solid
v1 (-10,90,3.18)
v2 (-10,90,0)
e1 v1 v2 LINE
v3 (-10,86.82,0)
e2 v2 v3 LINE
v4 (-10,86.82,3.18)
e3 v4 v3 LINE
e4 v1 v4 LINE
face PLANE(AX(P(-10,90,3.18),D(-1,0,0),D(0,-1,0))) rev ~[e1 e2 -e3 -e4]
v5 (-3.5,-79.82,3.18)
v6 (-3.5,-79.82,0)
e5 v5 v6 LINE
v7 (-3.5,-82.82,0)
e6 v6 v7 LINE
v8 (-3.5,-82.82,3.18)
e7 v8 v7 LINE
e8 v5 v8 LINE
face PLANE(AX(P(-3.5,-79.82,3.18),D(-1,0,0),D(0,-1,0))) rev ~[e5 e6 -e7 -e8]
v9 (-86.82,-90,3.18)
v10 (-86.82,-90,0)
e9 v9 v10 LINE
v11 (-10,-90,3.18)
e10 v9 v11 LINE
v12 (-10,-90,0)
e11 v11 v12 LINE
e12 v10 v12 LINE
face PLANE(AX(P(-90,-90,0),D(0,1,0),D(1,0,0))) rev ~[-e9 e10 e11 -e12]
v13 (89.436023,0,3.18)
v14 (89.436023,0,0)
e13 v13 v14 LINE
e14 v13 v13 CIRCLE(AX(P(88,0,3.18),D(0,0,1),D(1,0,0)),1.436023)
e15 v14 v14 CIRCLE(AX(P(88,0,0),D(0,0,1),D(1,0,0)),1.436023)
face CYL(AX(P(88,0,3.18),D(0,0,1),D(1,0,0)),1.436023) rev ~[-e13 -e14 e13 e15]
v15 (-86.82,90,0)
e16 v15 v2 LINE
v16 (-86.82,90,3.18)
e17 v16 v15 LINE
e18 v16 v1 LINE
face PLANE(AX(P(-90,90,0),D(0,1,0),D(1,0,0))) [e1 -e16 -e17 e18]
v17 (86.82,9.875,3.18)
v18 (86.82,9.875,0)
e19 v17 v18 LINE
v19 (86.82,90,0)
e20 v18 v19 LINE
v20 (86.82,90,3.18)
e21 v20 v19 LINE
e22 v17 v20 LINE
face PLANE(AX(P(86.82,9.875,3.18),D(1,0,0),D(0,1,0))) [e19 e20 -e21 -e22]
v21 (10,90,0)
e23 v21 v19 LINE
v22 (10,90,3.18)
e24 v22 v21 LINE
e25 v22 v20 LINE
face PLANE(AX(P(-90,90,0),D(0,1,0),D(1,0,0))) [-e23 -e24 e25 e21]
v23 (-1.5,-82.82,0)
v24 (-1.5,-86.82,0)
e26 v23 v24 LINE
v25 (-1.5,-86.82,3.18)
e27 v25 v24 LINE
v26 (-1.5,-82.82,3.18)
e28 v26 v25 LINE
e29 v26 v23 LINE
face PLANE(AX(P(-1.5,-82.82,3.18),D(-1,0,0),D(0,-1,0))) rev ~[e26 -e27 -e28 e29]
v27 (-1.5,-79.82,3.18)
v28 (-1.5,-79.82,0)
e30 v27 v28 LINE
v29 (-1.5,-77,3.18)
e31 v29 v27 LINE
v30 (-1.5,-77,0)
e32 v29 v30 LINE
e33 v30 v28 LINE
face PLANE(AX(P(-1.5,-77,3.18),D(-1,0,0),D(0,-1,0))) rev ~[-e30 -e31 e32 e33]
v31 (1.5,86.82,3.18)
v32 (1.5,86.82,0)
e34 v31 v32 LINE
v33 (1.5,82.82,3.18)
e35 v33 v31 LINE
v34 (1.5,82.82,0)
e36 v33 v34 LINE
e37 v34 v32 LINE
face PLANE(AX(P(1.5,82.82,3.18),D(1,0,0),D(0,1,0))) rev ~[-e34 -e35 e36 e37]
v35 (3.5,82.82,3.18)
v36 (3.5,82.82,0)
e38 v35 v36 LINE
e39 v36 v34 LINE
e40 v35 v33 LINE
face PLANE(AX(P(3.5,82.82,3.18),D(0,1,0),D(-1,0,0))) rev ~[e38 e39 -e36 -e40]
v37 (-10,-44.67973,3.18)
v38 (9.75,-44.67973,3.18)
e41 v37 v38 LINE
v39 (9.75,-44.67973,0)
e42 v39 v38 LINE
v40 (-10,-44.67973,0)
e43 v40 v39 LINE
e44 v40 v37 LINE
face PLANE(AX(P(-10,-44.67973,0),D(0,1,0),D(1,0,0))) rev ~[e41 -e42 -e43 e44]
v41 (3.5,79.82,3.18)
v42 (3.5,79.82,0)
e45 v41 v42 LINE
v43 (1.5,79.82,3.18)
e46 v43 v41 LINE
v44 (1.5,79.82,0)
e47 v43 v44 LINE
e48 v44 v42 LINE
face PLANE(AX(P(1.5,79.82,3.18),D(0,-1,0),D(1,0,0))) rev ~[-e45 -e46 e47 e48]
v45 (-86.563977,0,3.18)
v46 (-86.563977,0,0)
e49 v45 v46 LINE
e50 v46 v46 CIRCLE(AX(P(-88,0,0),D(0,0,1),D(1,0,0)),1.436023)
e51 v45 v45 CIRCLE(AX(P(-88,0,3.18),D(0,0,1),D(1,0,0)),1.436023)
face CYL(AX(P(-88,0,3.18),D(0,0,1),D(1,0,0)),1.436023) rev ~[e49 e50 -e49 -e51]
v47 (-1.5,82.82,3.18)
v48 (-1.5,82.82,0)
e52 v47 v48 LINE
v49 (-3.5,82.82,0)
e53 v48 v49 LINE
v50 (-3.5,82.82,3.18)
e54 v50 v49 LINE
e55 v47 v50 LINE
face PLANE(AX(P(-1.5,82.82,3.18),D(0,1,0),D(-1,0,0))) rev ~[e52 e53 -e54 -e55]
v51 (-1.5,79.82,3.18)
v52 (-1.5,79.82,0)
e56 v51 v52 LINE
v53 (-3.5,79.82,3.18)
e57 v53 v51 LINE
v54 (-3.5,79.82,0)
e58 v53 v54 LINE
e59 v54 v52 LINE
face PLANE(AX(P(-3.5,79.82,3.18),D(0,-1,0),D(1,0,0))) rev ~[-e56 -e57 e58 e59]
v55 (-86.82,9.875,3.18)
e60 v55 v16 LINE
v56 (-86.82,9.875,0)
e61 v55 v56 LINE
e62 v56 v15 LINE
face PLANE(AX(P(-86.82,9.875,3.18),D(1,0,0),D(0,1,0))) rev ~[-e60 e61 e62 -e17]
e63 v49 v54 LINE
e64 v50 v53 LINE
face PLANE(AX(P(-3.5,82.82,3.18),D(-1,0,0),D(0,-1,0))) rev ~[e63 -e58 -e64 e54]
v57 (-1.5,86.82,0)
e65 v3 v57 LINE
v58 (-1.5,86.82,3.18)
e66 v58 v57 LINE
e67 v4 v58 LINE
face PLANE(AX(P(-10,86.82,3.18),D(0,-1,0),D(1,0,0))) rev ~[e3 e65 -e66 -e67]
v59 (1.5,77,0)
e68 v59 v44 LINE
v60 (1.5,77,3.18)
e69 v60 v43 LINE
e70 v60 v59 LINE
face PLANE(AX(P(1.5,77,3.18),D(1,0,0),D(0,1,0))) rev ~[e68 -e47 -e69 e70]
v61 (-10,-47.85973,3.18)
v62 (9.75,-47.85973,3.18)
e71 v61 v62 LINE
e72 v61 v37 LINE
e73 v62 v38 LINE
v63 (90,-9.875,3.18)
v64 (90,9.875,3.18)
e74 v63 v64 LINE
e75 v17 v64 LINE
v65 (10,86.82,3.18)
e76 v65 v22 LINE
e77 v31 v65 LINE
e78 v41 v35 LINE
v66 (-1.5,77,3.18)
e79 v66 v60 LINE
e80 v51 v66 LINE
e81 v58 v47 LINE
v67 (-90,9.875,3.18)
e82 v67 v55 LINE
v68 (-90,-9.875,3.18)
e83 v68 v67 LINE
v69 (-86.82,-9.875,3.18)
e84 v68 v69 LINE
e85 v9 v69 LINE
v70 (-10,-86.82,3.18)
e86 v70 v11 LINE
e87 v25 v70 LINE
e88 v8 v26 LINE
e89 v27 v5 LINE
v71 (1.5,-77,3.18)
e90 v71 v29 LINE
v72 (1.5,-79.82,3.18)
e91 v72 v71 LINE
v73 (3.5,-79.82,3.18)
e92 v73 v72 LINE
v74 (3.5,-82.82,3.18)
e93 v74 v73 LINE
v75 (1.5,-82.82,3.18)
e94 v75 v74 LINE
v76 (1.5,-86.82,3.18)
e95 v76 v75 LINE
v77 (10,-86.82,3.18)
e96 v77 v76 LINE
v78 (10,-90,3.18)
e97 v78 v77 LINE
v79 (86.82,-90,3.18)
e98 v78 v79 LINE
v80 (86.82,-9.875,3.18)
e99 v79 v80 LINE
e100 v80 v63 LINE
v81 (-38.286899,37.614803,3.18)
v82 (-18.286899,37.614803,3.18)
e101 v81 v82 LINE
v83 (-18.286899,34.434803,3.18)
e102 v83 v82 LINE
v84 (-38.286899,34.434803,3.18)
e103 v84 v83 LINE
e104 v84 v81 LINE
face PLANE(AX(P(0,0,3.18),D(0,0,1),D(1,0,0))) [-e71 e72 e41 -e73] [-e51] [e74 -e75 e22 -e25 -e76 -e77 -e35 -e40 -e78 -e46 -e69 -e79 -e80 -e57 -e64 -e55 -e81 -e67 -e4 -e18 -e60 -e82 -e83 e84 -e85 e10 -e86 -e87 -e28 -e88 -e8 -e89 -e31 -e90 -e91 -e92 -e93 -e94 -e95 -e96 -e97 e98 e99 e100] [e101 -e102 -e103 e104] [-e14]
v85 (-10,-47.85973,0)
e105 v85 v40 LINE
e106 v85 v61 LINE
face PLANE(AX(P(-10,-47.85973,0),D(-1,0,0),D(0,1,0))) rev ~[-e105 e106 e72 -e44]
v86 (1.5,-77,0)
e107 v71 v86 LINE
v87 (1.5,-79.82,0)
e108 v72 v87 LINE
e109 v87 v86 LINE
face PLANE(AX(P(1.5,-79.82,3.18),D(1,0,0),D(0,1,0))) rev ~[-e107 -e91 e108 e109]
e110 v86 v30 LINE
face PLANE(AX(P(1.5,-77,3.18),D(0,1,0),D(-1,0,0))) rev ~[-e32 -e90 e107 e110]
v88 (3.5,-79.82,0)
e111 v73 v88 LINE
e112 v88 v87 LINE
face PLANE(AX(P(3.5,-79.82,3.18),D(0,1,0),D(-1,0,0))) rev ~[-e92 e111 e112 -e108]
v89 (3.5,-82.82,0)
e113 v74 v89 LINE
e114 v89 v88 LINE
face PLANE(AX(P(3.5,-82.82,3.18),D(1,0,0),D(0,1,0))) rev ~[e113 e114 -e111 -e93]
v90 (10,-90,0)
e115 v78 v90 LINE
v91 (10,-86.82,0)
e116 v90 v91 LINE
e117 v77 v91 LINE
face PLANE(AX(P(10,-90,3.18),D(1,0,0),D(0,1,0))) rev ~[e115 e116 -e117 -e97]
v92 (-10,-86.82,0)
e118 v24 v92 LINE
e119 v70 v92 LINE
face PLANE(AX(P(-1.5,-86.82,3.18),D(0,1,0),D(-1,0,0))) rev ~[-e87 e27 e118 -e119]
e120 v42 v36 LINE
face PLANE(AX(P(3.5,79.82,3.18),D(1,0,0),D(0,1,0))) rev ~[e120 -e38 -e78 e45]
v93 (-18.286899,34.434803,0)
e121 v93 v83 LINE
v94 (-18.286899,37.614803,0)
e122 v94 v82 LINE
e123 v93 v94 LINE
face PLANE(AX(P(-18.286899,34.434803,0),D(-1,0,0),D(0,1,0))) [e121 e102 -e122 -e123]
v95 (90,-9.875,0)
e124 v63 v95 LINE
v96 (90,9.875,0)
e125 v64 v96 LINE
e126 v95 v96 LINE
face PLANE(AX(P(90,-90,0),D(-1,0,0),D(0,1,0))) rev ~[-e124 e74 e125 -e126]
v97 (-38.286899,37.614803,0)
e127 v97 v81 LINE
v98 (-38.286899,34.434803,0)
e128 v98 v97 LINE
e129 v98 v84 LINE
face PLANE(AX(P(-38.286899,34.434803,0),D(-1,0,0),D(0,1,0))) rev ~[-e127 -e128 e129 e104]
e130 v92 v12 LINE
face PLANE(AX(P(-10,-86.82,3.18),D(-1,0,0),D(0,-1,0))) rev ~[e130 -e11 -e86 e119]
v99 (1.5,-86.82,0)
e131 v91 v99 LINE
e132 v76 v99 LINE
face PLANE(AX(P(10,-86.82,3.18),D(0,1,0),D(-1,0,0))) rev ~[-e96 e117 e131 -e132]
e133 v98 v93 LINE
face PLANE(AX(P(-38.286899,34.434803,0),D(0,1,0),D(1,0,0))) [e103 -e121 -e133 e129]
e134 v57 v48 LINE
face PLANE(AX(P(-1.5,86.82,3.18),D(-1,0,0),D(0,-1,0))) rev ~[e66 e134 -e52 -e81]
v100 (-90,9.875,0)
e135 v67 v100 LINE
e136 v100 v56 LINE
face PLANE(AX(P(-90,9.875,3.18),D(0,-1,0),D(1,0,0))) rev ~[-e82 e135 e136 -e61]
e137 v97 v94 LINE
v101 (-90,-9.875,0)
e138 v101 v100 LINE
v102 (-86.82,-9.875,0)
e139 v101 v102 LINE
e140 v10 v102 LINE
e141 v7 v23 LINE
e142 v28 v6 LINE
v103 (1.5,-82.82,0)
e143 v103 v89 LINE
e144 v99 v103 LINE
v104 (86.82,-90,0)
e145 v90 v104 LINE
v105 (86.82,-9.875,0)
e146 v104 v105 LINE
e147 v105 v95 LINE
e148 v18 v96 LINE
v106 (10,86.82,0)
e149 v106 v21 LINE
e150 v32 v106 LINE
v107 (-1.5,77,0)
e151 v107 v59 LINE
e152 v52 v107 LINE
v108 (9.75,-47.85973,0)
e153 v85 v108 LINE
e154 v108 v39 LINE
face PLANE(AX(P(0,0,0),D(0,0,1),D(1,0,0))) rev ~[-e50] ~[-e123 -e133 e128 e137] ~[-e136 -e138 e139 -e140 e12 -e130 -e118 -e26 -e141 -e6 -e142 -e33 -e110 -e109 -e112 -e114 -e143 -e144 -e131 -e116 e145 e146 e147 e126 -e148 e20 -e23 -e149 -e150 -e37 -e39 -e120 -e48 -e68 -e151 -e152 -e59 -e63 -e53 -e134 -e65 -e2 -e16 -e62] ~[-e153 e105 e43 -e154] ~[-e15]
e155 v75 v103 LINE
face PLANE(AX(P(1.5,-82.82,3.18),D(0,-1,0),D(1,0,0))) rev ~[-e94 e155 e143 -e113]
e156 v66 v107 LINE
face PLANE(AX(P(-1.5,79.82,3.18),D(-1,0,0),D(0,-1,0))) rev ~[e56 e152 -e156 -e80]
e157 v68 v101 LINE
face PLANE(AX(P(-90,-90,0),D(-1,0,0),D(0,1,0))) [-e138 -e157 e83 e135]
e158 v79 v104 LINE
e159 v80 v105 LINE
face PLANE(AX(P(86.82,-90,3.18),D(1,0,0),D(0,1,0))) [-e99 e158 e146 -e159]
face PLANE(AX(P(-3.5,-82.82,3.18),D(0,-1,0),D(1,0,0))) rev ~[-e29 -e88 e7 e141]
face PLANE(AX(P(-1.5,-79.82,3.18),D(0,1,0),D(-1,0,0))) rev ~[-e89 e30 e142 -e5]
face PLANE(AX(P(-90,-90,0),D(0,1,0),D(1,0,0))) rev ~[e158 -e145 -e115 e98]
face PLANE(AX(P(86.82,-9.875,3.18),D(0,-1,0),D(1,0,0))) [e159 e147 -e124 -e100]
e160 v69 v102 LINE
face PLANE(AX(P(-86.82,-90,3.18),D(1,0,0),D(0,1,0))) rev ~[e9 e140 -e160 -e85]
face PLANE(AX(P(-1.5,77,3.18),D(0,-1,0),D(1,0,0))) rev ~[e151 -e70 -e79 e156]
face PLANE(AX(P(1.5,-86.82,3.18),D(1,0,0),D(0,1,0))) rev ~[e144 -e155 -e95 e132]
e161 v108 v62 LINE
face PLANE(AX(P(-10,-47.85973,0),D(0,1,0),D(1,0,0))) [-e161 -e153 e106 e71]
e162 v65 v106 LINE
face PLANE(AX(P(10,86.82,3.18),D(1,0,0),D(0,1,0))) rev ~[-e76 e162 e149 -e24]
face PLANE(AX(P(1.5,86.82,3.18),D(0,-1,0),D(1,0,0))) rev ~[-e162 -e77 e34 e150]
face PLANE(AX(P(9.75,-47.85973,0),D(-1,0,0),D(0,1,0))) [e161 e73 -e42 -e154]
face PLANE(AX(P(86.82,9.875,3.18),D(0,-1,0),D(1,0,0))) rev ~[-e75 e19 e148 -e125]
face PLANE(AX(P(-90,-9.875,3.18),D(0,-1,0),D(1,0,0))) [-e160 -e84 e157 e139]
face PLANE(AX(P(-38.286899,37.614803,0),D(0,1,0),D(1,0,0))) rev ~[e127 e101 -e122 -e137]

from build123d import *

# Parameters (mm, degrees)
SKETCH3_W           = 180
SKETCH3_H           = 180
SKETCH3_W_2         = 20
SKETCH3_H_2         = 3.18
SKETCH3_W_3         = 19.75
BOSS_EXTRUDE1_DEPTH = 3.18
CUT_EXTRUDE1_DEPTH  = 128.318939675
SKETCH5_R           = 1.436023081
SKETCH5_W           = 3.18
SKETCH5_H           = 80.125
CUT_EXTRUDE2_DEPTH  = 128.318939675


with BuildPart() as part:
    # Sketch3 → Boss-Extrude1 (new body)
    with BuildSketch(Plane.XY):
        Rectangle(SKETCH3_W, SKETCH3_H)
        with Locations((-28.286899392, 36.024803222)):
            Rectangle(SKETCH3_W_2, SKETCH3_H_2, mode=Mode.SUBTRACT)
        with Locations((-0.125, -46.269729843)):
            Rectangle(SKETCH3_W_3, SKETCH3_H_2, mode=Mode.SUBTRACT)
    extrude(amount=BOSS_EXTRUDE1_DEPTH)

    # Sketch4 → Cut-Extrude1 (cut, through all)
    with BuildSketch(Plane.XY.offset(3.18)):
        Polygon((1.5, 86.82), (10, 86.82), (10, 90), (-10, 90), (-10, 86.82), (-1.5, 86.82), (-1.5, 82.82), (-3.5, 82.82), (-3.5, 79.82), (-1.5, 79.82), (-1.5, 77), (1.5, 77), (1.5, 79.82), (3.5, 79.82), (3.5, 82.82), (1.5, 82.82), align=None)
        Polygon((1.5, -79.82), (1.5, -77), (-1.5, -77), (-1.5, -79.82), (-3.5, -79.82), (-3.5, -82.82), (-1.5, -82.82), (-1.5, -86.82), (-10, -86.82), (-10, -90), (10, -90), (10, -86.82), (1.5, -86.82), (1.5, -82.82), (3.5, -82.82), (3.5, -79.82), align=None)
    extrude(amount=-CUT_EXTRUDE1_DEPTH, mode=Mode.SUBTRACT)

    # Sketch5 → Cut-Extrude2 (cut, through all)
    with BuildSketch(Plane.XY.offset(3.18)):
        with Locations((-88, 0)):
            Circle(SKETCH5_R)
        with Locations((88, 0)):
            Circle(SKETCH5_R)
        with Locations((-88.41, 49.9375)):
            Rectangle(SKETCH5_W, SKETCH5_H)
        with Locations((-88.41, -49.9375)):
            Rectangle(SKETCH5_W, SKETCH5_H)
        with Locations((88.41, -49.9375)):
            Rectangle(SKETCH5_W, SKETCH5_H)
        with Locations((88.41, 49.9375)):
            Rectangle(SKETCH5_W, SKETCH5_H)
    extrude(amount=-CUT_EXTRUDE2_DEPTH, mode=Mode.SUBTRACT)


solid = part.part
